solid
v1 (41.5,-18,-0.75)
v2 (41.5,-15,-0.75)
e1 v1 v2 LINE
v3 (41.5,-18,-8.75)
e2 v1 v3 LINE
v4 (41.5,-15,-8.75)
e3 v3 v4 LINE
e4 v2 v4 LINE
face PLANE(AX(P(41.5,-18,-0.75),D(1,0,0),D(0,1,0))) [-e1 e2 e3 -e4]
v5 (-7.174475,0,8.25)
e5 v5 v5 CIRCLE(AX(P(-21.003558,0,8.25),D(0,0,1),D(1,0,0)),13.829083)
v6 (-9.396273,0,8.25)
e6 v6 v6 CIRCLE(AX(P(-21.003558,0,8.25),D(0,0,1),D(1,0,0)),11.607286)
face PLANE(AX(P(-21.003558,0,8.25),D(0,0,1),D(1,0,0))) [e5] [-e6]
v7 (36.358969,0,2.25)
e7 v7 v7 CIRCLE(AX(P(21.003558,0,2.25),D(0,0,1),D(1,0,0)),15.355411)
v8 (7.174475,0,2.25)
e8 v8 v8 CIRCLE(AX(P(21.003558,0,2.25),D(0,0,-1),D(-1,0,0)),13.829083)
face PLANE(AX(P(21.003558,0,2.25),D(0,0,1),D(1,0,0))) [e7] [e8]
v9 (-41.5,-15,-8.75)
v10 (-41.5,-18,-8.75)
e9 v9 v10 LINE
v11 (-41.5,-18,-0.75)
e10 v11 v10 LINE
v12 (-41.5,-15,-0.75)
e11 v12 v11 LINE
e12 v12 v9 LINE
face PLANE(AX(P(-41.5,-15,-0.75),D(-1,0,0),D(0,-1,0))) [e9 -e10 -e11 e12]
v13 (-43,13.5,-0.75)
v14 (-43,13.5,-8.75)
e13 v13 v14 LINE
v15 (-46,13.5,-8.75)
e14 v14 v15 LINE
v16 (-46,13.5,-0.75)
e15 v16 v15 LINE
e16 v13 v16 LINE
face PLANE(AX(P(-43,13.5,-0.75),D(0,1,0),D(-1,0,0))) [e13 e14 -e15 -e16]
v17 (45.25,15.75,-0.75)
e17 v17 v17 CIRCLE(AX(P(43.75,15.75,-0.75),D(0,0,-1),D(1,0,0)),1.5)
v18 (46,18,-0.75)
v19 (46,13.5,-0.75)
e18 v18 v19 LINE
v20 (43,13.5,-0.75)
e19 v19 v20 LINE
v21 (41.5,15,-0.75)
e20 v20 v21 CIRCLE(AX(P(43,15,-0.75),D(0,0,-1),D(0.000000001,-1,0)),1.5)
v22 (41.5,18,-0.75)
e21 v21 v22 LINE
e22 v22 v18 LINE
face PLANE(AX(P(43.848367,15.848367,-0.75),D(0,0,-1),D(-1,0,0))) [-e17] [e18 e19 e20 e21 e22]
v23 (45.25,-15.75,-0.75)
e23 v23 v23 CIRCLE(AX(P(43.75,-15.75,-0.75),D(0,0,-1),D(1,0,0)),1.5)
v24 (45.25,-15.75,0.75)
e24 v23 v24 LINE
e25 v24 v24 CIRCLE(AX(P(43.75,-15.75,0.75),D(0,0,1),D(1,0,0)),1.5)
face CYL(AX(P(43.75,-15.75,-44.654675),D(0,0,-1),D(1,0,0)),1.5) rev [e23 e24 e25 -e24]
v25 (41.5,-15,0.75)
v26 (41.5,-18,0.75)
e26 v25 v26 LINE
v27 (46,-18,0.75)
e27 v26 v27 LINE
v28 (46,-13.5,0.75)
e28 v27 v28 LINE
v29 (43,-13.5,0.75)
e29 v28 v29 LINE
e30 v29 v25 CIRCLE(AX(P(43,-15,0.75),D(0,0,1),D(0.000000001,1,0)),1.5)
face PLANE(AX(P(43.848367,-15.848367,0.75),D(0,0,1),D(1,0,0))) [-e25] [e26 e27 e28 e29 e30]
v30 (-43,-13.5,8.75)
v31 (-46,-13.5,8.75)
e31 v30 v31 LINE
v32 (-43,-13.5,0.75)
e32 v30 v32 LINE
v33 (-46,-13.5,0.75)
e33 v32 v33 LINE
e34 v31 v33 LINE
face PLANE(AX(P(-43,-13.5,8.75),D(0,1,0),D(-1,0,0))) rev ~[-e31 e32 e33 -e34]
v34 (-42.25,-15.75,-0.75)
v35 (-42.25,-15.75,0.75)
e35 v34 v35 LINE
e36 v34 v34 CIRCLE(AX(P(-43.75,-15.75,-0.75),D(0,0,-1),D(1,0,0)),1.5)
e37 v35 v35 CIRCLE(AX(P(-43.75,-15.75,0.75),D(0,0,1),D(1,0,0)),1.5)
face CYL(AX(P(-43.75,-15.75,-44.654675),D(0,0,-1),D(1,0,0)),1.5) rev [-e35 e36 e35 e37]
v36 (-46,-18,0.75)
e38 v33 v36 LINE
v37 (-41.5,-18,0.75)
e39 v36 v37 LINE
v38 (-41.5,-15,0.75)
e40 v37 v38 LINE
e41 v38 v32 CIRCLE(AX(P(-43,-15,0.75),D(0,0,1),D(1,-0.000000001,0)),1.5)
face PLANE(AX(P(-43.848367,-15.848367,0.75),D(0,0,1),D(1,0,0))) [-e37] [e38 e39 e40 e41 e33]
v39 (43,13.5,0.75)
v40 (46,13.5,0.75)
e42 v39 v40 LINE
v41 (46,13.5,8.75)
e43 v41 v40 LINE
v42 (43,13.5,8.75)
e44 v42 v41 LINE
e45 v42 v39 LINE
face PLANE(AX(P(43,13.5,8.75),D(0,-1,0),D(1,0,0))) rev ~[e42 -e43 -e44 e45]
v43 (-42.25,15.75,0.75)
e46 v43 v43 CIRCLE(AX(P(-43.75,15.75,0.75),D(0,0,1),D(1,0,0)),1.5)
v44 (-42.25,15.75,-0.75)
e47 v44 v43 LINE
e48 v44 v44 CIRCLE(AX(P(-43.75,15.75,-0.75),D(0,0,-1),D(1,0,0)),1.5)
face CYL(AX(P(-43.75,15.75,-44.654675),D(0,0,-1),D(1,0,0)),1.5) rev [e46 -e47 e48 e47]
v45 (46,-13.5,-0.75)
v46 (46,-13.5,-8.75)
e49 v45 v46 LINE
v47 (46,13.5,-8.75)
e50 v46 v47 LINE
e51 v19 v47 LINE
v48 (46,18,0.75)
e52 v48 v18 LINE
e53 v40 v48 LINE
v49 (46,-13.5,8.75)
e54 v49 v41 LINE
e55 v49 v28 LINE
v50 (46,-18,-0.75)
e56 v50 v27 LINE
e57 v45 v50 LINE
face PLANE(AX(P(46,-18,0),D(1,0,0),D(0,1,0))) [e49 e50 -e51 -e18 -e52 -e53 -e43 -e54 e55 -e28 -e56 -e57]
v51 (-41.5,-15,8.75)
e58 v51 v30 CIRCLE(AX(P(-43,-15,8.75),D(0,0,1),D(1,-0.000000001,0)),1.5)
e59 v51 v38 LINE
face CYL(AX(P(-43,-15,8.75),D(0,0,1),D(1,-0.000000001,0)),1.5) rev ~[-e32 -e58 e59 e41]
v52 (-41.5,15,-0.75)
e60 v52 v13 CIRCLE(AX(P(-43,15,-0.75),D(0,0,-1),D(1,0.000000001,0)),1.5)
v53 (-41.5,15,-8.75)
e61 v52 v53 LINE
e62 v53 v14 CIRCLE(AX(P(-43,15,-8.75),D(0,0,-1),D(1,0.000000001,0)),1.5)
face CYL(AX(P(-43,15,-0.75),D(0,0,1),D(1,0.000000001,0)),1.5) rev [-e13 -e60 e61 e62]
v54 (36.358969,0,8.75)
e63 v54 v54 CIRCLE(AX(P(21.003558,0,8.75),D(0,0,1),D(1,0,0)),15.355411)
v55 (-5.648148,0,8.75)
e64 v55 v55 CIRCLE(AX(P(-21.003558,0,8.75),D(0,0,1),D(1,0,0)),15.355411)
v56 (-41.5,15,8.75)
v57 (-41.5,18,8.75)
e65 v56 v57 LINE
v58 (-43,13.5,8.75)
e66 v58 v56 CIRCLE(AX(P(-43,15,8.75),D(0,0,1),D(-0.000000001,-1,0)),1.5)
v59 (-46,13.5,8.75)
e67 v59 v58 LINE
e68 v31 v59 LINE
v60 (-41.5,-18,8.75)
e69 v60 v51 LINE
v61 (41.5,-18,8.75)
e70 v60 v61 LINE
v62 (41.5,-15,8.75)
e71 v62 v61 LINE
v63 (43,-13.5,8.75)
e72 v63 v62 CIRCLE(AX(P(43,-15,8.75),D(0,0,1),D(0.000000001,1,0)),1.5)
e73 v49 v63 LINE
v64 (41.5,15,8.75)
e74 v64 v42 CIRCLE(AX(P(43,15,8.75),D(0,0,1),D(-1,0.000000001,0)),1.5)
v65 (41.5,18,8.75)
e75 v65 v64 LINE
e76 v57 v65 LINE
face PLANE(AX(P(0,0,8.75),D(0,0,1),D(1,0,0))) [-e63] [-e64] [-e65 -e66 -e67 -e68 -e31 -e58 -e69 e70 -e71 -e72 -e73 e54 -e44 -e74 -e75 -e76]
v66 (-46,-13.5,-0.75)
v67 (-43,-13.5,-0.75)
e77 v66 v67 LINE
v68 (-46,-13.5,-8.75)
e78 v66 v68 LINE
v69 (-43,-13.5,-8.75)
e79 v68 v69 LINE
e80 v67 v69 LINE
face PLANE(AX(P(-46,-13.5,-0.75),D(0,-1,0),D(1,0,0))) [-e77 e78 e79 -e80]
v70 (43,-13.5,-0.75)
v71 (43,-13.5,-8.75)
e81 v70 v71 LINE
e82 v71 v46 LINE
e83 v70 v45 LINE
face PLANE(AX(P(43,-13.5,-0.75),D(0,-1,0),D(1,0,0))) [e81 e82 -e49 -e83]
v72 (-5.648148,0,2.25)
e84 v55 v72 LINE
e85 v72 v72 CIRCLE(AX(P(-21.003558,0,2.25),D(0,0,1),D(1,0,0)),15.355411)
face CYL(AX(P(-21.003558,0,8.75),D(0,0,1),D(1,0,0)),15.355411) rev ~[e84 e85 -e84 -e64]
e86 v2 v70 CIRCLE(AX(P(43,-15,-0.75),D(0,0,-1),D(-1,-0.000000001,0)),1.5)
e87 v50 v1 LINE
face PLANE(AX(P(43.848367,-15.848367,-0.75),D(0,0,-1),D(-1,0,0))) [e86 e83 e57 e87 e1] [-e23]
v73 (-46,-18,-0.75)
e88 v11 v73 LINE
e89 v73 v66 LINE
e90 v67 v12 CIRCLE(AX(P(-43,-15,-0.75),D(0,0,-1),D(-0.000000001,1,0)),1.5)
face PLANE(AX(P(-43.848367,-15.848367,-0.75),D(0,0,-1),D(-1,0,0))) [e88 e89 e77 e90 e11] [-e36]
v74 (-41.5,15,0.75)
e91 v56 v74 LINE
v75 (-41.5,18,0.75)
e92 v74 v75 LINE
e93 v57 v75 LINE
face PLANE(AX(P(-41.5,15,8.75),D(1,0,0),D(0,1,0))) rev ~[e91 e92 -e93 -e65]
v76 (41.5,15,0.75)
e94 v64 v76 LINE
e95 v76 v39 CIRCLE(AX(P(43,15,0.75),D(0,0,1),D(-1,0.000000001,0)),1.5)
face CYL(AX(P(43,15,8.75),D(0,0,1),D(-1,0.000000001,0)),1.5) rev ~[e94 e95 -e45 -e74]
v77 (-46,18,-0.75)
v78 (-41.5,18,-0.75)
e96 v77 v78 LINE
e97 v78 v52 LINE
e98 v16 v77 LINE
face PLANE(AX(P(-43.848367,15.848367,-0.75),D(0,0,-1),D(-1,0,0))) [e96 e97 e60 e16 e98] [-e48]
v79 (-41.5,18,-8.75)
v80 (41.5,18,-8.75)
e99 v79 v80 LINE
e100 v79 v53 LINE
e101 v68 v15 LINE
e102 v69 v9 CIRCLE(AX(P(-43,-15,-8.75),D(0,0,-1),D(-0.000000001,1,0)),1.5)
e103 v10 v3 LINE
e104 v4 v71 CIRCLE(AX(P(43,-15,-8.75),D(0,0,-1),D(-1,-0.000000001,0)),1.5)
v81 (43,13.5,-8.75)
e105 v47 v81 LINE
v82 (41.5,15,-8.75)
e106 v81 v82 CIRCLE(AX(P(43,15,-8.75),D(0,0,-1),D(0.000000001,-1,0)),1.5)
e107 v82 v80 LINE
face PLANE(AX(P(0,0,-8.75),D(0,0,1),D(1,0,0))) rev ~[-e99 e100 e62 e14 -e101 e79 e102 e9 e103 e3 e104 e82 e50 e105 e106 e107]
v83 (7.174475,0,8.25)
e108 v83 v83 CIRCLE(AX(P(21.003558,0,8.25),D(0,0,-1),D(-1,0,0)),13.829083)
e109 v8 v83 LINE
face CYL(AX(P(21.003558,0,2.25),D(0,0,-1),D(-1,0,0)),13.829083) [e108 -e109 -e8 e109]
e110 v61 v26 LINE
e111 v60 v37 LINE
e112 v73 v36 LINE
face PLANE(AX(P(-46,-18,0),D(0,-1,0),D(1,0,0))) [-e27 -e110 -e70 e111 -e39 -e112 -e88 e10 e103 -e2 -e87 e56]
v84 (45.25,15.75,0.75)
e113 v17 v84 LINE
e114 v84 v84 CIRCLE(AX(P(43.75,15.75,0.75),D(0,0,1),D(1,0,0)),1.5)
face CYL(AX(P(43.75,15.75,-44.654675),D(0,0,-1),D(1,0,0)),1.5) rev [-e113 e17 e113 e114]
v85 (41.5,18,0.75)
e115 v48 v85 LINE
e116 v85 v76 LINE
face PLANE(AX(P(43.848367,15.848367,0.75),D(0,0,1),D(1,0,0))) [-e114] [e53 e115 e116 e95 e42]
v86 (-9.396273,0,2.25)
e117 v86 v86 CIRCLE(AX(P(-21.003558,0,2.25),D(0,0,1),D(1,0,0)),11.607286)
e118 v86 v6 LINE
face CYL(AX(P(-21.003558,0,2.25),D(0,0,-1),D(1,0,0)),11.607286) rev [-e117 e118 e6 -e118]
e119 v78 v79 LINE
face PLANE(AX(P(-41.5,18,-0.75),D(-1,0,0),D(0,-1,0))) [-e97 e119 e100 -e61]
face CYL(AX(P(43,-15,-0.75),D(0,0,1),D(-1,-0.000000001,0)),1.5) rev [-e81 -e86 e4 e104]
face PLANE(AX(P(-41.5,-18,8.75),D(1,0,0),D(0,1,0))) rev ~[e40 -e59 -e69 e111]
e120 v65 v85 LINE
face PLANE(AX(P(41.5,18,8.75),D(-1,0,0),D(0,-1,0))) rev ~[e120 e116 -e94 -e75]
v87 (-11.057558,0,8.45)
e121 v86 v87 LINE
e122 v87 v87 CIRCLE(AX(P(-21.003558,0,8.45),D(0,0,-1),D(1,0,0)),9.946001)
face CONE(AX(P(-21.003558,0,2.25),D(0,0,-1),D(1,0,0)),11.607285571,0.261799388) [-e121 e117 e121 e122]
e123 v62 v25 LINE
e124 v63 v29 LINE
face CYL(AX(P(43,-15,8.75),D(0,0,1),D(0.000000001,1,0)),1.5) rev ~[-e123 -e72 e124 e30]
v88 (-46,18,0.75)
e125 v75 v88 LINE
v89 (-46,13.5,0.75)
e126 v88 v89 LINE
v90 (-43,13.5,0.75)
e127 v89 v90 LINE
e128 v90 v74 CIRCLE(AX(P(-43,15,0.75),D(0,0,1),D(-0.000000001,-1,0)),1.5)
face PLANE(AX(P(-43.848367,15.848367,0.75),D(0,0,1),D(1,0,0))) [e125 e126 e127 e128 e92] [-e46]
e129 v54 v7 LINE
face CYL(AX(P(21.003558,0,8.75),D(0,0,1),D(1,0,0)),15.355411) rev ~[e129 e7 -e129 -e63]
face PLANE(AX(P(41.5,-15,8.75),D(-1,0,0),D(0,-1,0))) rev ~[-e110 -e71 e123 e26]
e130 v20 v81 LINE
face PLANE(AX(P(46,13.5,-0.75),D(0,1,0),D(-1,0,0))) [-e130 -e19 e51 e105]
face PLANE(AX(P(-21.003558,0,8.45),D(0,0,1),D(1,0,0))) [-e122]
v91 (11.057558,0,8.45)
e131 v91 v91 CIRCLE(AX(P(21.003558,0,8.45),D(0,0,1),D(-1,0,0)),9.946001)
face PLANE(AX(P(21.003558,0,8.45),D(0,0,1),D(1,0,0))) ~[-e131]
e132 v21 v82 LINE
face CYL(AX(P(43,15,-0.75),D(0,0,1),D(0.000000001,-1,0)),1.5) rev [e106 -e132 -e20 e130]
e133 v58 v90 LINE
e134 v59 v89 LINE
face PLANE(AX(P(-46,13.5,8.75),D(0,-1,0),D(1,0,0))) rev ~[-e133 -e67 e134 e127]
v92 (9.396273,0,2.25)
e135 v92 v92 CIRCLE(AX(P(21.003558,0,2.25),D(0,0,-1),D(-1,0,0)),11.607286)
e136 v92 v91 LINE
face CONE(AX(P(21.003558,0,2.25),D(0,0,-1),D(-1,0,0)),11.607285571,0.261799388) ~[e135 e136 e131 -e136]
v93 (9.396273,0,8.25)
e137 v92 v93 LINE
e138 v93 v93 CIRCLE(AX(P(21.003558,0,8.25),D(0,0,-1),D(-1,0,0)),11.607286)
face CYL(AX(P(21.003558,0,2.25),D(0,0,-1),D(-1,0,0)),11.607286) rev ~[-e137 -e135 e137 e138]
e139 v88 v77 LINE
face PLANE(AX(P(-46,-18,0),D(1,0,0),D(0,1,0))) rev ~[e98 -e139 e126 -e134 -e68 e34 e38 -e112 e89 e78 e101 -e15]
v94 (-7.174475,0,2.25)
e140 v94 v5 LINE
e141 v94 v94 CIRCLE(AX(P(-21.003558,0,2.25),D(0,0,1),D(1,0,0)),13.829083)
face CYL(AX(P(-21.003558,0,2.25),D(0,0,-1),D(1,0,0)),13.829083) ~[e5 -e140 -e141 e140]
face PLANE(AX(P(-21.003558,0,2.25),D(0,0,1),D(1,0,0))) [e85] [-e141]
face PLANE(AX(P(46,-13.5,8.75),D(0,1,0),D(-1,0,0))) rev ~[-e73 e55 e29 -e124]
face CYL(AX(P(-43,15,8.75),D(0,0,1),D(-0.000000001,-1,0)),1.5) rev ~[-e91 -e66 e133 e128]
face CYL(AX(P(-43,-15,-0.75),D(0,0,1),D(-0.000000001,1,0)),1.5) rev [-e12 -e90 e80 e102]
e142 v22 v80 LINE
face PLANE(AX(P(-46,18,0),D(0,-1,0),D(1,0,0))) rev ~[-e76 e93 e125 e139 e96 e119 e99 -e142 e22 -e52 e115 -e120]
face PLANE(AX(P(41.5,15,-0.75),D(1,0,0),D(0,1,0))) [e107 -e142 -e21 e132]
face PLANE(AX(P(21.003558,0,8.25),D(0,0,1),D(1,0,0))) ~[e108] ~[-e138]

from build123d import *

# Parameters (mm, degrees)
SKETCH1_W               = 92
SKETCH1_H               = 36
BOSS_EXTRUDE1_DEPTH     = 8.75
CUT_EXTRUDE1_DEPTH      = 53.404675364
CUT_EXTRUDE1_DEPTH_BACK = 53.404675364
SKETCH2_R               = 1.5
SKETCH3_R               = 1.5
CUT_EXTRUDE2_DEPTH      = 8
CUT_EXTRUDE3_START      = -8
SKETCH4_R               = 1.5
CUT_EXTRUDE3_DEPTH      = 8
SKETCH5_R               = 15.355410725
CUT_EXTRUDE4_DEPTH      = 6.5
SKETCH6_R               = 13.829083231
SKETCH6_R_2             = 11.607285571
BOSS_EXTRUDE2_DEPTH     = 6
SKETCH7_R               = 11.607285571
BOSS_EXTRUDE3_DEPTH     = 6.2
BOSS_EXTRUDE3_TAPER     = 15


with BuildPart() as part:
    # Sketch1 → Boss-Extrude1 (new, symmetric)
    with BuildSketch(Plane.XY):
        Rectangle(SKETCH1_W, SKETCH1_H)
    extrude(amount=BOSS_EXTRUDE1_DEPTH, both=True)

    # Sketch2 → Cut-Extrude1 (cut, two sides: drawn at the far end of the back side and taken through both)
    with BuildSketch(Plane.XY.offset(8.75).offset(-CUT_EXTRUDE1_DEPTH_BACK)):
        with Locations((43.75, 15.75)):
            Circle(SKETCH2_R)
        with Locations((43.75, -15.75)):
            Circle(SKETCH2_R)
        with Locations((-43.75, -15.75)):
            Circle(SKETCH2_R)
        with Locations((-43.75, 15.75)):
            Circle(SKETCH2_R)
    extrude(amount=CUT_EXTRUDE1_DEPTH + CUT_EXTRUDE1_DEPTH_BACK, mode=Mode.SUBTRACT)

    # Sketch3 → Cut-Extrude2 (cut)
    # profile 1 of 4: a face of its own
    with BuildSketch(Plane.XY.offset(8.75)):
        with BuildLine():
            Line((-41.5, 18), (-46, 18))
            Line((-46, 18), (-46, 13.5))
            Line((-46, 13.5), (-43, 13.5))
            ThreePointArc((-43, 13.5), (-41.939339828, 13.939339828), (-41.5, 15))
            Line((-41.5, 15), (-41.5, 18))
        make_face()
        with Locations((-43.75, 15.75)):
            Circle(SKETCH3_R, mode=Mode.SUBTRACT)
    # profile 2 of 4: a face of its own
    with BuildSketch(Plane.XY.offset(8.75)):
        with BuildLine():
            Line((41.5, 18), (41.5, 15))
            ThreePointArc((41.5, 15), (41.939339828, 13.939339828), (43, 13.5))
            Line((43, 13.5), (46, 13.5))
            Line((46, 13.5), (46, 18))
            Line((46, 18), (41.5, 18))
        make_face()
        with Locations((43.75, 15.75)):
            Circle(SKETCH3_R, mode=Mode.SUBTRACT)
    # profile 3 of 4: a face of its own
    with BuildSketch(Plane.XY.offset(8.75)):
        with BuildLine():
            Line((-41.5, -18), (-41.5, -15))
            ThreePointArc((-41.5, -15), (-41.939339828, -13.939339828), (-43, -13.5))
            Line((-43, -13.5), (-46, -13.5))
            Line((-46, -13.5), (-46, -18))
            Line((-46, -18), (-41.5, -18))
        make_face()
        with Locations((-43.75, -15.75)):
            Circle(SKETCH3_R, mode=Mode.SUBTRACT)
    # profile 4 of 4: a face of its own
    with BuildSketch(Plane.XY.offset(8.75)):
        with BuildLine():
            Line((41.5, -18), (46, -18))
            Line((46, -18), (46, -13.5))
            Line((46, -13.5), (43, -13.5))
            ThreePointArc((43, -13.5), (41.939339828, -13.939339828), (41.5, -15))
            Line((41.5, -15), (41.5, -18))
        make_face()
        with Locations((43.75, -15.75)):
            Circle(SKETCH3_R, mode=Mode.SUBTRACT)
    extrude(amount=-CUT_EXTRUDE2_DEPTH, mode=Mode.SUBTRACT)

    # Sketch4 → Cut-Extrude3 (cut)
    # profile 1 of 4: a face of its own
    with BuildSketch(Plane(origin=(0, 0, -8.75), x_dir=(-1, 0, 0), z_dir=(0, 0, -1)).offset(CUT_EXTRUDE3_START)):
        with BuildLine():
            Line((46, 18), (41.5, 18))
            Line((41.5, 18), (41.5, 15))
            ThreePointArc((41.5, 15), (41.939339828, 13.939339828), (43, 13.5))
            Line((43, 13.5), (46, 13.5))
            Line((46, 13.5), (46, 18))
        make_face()
        with Locations(Location((43.75, 15.75, 0), (0, 0, 180))):
            Circle(SKETCH4_R, mode=Mode.SUBTRACT)
    # profile 2 of 4: a face of its own
    with BuildSketch(Plane(origin=(0, 0, -8.75), x_dir=(-1, 0, 0), z_dir=(0, 0, -1)).offset(CUT_EXTRUDE3_START)):
        with BuildLine():
            Line((-41.5, 15), (-41.5, 18))
            Line((-41.5, 18), (-46, 18))
            Line((-46, 18), (-46, 13.5))
            Line((-46, 13.5), (-43, 13.5))
            ThreePointArc((-43, 13.5), (-41.939339828, 13.939339828), (-41.5, 15))
        make_face()
        with Locations(Location((-43.75, 15.75, 0), (0, 0, 180))):
            Circle(SKETCH4_R, mode=Mode.SUBTRACT)
    # profile 3 of 4: a face of its own
    with BuildSketch(Plane(origin=(0, 0, -8.75), x_dir=(-1, 0, 0), z_dir=(0, 0, -1)).offset(CUT_EXTRUDE3_START)):
        with BuildLine():
            Line((41.5, -15), (41.5, -18))
            Line((41.5, -18), (46, -18))
            Line((46, -18), (46, -13.5))
            Line((46, -13.5), (43, -13.5))
            ThreePointArc((43, -13.5), (41.939339828, -13.939339828), (41.5, -15))
        make_face()
        with Locations(Location((43.75, -15.75, 0), (0, 0, 180))):
            Circle(SKETCH4_R, mode=Mode.SUBTRACT)
    # profile 4 of 4: a face of its own
    with BuildSketch(Plane(origin=(0, 0, -8.75), x_dir=(-1, 0, 0), z_dir=(0, 0, -1)).offset(CUT_EXTRUDE3_START)):
        with BuildLine():
            Line((-46, -18), (-41.5, -18))
            Line((-41.5, -18), (-41.5, -15))
            ThreePointArc((-41.5, -15), (-41.939339828, -13.939339828), (-43, -13.5))
            Line((-43, -13.5), (-46, -13.5))
            Line((-46, -13.5), (-46, -18))
        make_face()
        with Locations(Location((-43.75, -15.75, 0), (0, 0, 180))):
            Circle(SKETCH4_R, mode=Mode.SUBTRACT)
    extrude(amount=CUT_EXTRUDE3_DEPTH, mode=Mode.SUBTRACT)

    # Sketch5 → Cut-Extrude4 (cut)
    with BuildSketch(Plane.XY.offset(8.75)):
        with Locations((-21.003558343, 0)):
            Circle(SKETCH5_R)
        with Locations((21.003558343, 0)):
            Circle(SKETCH5_R)
    extrude(amount=-CUT_EXTRUDE4_DEPTH, mode=Mode.SUBTRACT)

    # Sketch6 → Boss-Extrude2 (add)
    with BuildSketch(Plane.XY.offset(2.25)):
        with Locations((-21.003558343, 0)):
            Circle(SKETCH6_R)
        with Locations((-21.003558343, 0)):
            Circle(SKETCH6_R_2, mode=Mode.SUBTRACT)
    boss_extrude2 = extrude(amount=BOSS_EXTRUDE2_DEPTH)

    # Sketch7 → Boss-Extrude3 (add)
    with BuildSketch(Plane.XY.offset(2.25)):
        with Locations((-21.003558343, 0)):
            Circle(SKETCH7_R)
    boss_extrude3 = extrude(amount=BOSS_EXTRUDE3_DEPTH, taper=BOSS_EXTRUDE3_TAPER)

    # Mirror2: Boss-Extrude2, Boss-Extrude3 across plane
    add(boss_extrude2.mirror(Plane(origin=(0, 0, 0), x_dir=(0, 0, 1), z_dir=(1, 0, 0))))
    add(boss_extrude3.mirror(Plane(origin=(0, 0, 0), x_dir=(0, 0, 1), z_dir=(1, 0, 0))))


solid = part.part
